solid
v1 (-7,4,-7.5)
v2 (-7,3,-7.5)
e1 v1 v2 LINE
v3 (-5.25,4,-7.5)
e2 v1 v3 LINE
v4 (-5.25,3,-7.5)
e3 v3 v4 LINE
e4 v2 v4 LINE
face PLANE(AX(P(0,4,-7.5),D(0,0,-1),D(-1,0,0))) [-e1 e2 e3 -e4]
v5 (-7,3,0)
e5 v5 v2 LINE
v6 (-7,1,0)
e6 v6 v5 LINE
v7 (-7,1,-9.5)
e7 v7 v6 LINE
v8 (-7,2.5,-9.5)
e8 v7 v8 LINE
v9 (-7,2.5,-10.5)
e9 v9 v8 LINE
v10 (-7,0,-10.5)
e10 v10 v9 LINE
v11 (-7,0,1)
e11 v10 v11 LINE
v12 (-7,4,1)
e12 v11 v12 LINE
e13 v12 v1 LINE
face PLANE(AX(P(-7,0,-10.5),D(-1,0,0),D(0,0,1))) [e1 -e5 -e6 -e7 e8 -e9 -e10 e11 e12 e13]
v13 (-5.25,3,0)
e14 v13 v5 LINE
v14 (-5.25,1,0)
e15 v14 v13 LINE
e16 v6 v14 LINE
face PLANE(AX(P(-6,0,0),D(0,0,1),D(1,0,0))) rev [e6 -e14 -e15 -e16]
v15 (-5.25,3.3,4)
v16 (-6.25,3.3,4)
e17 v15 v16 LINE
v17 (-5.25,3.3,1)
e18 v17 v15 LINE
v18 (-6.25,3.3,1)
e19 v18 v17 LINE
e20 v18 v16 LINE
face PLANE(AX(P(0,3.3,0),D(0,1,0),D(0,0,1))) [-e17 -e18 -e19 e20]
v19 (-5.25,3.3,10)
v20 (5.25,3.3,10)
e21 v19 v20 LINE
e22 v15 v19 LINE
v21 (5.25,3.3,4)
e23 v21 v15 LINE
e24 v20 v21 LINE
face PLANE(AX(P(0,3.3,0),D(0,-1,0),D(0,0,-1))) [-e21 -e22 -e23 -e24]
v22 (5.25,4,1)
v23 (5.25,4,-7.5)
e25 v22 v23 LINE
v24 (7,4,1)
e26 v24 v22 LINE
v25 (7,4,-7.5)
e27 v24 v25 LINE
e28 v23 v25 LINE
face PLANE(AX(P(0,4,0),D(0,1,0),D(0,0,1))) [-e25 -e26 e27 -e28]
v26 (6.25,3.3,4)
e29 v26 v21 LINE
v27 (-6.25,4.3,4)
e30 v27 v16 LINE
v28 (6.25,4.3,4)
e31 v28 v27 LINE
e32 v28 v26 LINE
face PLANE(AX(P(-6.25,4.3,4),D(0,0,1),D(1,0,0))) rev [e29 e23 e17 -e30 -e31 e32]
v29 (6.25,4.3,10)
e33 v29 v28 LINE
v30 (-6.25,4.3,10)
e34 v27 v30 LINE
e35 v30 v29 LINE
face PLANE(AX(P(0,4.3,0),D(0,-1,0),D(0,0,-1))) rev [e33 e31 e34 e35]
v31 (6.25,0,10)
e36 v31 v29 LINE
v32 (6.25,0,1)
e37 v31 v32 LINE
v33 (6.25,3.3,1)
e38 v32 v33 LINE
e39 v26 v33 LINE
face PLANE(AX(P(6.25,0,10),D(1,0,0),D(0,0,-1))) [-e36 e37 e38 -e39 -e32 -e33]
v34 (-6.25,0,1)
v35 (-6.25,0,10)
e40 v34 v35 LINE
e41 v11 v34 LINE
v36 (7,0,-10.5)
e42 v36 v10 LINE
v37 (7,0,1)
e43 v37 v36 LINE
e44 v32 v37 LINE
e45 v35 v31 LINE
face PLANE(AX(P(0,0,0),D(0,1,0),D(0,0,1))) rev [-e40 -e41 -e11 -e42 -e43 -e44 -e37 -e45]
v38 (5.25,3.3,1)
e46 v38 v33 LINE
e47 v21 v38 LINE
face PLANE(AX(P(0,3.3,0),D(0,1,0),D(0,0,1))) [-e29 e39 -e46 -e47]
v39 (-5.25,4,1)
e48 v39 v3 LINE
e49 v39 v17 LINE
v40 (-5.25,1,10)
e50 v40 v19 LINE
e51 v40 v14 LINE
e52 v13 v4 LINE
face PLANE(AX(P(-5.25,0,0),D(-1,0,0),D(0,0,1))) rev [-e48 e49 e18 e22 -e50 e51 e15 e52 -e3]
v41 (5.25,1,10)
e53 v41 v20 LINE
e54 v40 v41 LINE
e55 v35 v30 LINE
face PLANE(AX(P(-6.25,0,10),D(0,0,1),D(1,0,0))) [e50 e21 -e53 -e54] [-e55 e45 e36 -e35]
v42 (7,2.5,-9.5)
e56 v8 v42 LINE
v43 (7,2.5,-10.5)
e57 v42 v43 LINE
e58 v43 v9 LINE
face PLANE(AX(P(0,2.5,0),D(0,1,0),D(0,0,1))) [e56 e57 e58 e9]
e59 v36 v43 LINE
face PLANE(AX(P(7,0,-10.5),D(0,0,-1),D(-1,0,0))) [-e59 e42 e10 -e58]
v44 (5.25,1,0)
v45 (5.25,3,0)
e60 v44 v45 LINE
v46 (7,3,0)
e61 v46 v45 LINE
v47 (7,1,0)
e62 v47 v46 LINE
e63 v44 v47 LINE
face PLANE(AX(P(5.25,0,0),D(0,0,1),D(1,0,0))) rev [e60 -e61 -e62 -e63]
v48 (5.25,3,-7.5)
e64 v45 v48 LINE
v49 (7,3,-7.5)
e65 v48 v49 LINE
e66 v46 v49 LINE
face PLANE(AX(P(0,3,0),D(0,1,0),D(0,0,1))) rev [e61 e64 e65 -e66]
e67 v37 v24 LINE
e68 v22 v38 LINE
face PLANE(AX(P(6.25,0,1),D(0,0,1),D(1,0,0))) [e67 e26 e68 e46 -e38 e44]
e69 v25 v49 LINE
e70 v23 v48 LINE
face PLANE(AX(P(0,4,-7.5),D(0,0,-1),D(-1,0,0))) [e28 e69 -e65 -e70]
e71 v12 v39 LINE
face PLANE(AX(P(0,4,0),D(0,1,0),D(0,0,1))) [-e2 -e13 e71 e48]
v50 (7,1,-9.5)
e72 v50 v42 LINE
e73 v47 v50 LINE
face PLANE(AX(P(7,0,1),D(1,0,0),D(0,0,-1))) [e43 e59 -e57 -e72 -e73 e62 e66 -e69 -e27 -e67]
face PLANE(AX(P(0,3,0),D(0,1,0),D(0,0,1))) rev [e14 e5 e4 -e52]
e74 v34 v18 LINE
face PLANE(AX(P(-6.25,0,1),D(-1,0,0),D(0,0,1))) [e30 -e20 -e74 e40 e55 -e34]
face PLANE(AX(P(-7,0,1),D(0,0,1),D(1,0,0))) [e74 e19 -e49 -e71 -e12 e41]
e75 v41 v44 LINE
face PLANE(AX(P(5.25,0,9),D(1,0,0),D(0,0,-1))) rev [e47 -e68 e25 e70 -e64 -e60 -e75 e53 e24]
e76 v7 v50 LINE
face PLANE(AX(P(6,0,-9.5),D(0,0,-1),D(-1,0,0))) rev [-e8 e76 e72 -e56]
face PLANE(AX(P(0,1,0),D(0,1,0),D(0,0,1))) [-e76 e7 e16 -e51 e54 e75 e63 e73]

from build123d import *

# Parameters (mm, degrees)
SKETCH_2_W           = 12
SKETCH_2_H           = 9.5
SKETCH_2_W_2         = 10.5
SKETCH_2_H_2         = 9
EXTRUDE_1_DEPTH      = 1
EXTRUDE_2_DEPTH      = 2.3
EXTRUDE_2_DEPTH_BACK = 1
SKETCH_4_W           = 1
SKETCH_4_H           = 9.5
SKETCH_4_W_2         = 10.5
SKETCH_4_H_2         = 1
CUT_EXTRUDE_1_DEPTH  = 2.3
SKETCH_5_W           = 12.5
SKETCH_5_H           = 6
EXTRUDE_3_DEPTH      = 1
SKETCH_6_W           = 1.75
SKETCH_6_H           = 1
CUT_EXTRUDE_3_DEPTH  = 0.3
SKETCH_9_W           = 14
SKETCH_9_H           = 1
CUT_EXTRUDE_4_DEPTH  = 0.8
SKETCH_10_W          = 1.75
SKETCH_10_H          = 7.5
SKETCH_10_H_2        = 8.5
EXTRUDE_7_DEPTH      = 1


with BuildPart() as part:
    # 草图2 → 凸台-拉伸1 (new body)
    with BuildSketch(Plane(origin=(0, 0, 0), x_dir=(1, 0, 0), z_dir=(0, 1, 0))):
        with Locations((0, 4.75)):
            Rectangle(SKETCH_2_W, SKETCH_2_H)
        with Locations((0, -4.5)):
            Rectangle(SKETCH_2_W_2, SKETCH_2_H_2)
    extrude(amount=EXTRUDE_1_DEPTH)

    # 草图3 → 凸台-拉伸2 (add, two sides)
    with BuildSketch(Plane(origin=(0, 1, 0), x_dir=(1, 0, 0), z_dir=(0, 1, 0))) as extrude_2_sk:
        Polygon((7, -1), (7, 10.5), (-7, 10.5), (-7, -1), (-6.25, -1), (-6.25, -10), (6.25, -10), (6.25, -1), align=None)
        Polygon((6, 0), (6, 9.5), (-6, 9.5), (-6, 0), (-5.25, 0), (-5.25, -9), (5.25, -9), (5.25, 0), align=None, mode=Mode.SUBTRACT)
    extrude(amount=EXTRUDE_2_DEPTH)
    extrude(extrude_2_sk.sketch, amount=-EXTRUDE_2_DEPTH_BACK)

    # 草图4 → 切除-拉伸1 (cut)
    with BuildSketch(Plane(origin=(0, 3.3, 0), x_dir=(1, 0, 0), z_dir=(0, 1, 0))):
        with Locations((-6.5, 4.75)):
            Rectangle(SKETCH_4_W, SKETCH_4_H)
        with Locations((6.5, 4.75)):
            Rectangle(SKETCH_4_W, SKETCH_4_H)
        with Locations((0, -9.5)):
            Rectangle(SKETCH_4_W_2, SKETCH_4_H_2)
    extrude(amount=-CUT_EXTRUDE_1_DEPTH, mode=Mode.SUBTRACT)

    # 草图5 → 凸台-拉伸3 (add)
    with BuildSketch(Plane(origin=(0, 3.3, 0), x_dir=(1, 0, 0), z_dir=(0, 1, 0))):
        with Locations((0, -7)):
            Rectangle(SKETCH_5_W, SKETCH_5_H)
    extrude(amount=EXTRUDE_3_DEPTH)

    # 草图6 → 切除-拉伸3 (cut)
    with BuildSketch(Plane(origin=(0, 3.3, 0), x_dir=(1, 0, 0), z_dir=(0, 1, 0))):
        with Locations((-6.125, -0.5)):
            Rectangle(SKETCH_6_W, SKETCH_6_H)
        with Locations((6.125, -0.5)):
            Rectangle(SKETCH_6_W, SKETCH_6_H)
    extrude(amount=-CUT_EXTRUDE_3_DEPTH, mode=Mode.SUBTRACT)

    # 草图9 → 切除-拉伸4 (cut)
    with BuildSketch(Plane(origin=(0, 3.3, 0), x_dir=(1, 0, 0), z_dir=(0, 1, 0))):
        with Locations((0, 10)):
            Rectangle(SKETCH_9_W, SKETCH_9_H)
    extrude(amount=-CUT_EXTRUDE_4_DEPTH, mode=Mode.SUBTRACT)

    # 草图10 → 凸台-拉伸7 (add)
    with BuildSketch(Plane(origin=(0, 3, 0), x_dir=(1, 0, 0), z_dir=(0, 1, 0))):
        with Locations((-6.125, 3.75)):
            Rectangle(SKETCH_10_W, SKETCH_10_H)
        with Locations((6.125, 3.25)):
            Rectangle(SKETCH_10_W, SKETCH_10_H_2)
        Polygon((-5.25, 0), (-7, 0), (-7, -1), (-6.25, -1), (-5.25, -1), align=None)
    extrude(amount=EXTRUDE_7_DEPTH)


solid = part.part
